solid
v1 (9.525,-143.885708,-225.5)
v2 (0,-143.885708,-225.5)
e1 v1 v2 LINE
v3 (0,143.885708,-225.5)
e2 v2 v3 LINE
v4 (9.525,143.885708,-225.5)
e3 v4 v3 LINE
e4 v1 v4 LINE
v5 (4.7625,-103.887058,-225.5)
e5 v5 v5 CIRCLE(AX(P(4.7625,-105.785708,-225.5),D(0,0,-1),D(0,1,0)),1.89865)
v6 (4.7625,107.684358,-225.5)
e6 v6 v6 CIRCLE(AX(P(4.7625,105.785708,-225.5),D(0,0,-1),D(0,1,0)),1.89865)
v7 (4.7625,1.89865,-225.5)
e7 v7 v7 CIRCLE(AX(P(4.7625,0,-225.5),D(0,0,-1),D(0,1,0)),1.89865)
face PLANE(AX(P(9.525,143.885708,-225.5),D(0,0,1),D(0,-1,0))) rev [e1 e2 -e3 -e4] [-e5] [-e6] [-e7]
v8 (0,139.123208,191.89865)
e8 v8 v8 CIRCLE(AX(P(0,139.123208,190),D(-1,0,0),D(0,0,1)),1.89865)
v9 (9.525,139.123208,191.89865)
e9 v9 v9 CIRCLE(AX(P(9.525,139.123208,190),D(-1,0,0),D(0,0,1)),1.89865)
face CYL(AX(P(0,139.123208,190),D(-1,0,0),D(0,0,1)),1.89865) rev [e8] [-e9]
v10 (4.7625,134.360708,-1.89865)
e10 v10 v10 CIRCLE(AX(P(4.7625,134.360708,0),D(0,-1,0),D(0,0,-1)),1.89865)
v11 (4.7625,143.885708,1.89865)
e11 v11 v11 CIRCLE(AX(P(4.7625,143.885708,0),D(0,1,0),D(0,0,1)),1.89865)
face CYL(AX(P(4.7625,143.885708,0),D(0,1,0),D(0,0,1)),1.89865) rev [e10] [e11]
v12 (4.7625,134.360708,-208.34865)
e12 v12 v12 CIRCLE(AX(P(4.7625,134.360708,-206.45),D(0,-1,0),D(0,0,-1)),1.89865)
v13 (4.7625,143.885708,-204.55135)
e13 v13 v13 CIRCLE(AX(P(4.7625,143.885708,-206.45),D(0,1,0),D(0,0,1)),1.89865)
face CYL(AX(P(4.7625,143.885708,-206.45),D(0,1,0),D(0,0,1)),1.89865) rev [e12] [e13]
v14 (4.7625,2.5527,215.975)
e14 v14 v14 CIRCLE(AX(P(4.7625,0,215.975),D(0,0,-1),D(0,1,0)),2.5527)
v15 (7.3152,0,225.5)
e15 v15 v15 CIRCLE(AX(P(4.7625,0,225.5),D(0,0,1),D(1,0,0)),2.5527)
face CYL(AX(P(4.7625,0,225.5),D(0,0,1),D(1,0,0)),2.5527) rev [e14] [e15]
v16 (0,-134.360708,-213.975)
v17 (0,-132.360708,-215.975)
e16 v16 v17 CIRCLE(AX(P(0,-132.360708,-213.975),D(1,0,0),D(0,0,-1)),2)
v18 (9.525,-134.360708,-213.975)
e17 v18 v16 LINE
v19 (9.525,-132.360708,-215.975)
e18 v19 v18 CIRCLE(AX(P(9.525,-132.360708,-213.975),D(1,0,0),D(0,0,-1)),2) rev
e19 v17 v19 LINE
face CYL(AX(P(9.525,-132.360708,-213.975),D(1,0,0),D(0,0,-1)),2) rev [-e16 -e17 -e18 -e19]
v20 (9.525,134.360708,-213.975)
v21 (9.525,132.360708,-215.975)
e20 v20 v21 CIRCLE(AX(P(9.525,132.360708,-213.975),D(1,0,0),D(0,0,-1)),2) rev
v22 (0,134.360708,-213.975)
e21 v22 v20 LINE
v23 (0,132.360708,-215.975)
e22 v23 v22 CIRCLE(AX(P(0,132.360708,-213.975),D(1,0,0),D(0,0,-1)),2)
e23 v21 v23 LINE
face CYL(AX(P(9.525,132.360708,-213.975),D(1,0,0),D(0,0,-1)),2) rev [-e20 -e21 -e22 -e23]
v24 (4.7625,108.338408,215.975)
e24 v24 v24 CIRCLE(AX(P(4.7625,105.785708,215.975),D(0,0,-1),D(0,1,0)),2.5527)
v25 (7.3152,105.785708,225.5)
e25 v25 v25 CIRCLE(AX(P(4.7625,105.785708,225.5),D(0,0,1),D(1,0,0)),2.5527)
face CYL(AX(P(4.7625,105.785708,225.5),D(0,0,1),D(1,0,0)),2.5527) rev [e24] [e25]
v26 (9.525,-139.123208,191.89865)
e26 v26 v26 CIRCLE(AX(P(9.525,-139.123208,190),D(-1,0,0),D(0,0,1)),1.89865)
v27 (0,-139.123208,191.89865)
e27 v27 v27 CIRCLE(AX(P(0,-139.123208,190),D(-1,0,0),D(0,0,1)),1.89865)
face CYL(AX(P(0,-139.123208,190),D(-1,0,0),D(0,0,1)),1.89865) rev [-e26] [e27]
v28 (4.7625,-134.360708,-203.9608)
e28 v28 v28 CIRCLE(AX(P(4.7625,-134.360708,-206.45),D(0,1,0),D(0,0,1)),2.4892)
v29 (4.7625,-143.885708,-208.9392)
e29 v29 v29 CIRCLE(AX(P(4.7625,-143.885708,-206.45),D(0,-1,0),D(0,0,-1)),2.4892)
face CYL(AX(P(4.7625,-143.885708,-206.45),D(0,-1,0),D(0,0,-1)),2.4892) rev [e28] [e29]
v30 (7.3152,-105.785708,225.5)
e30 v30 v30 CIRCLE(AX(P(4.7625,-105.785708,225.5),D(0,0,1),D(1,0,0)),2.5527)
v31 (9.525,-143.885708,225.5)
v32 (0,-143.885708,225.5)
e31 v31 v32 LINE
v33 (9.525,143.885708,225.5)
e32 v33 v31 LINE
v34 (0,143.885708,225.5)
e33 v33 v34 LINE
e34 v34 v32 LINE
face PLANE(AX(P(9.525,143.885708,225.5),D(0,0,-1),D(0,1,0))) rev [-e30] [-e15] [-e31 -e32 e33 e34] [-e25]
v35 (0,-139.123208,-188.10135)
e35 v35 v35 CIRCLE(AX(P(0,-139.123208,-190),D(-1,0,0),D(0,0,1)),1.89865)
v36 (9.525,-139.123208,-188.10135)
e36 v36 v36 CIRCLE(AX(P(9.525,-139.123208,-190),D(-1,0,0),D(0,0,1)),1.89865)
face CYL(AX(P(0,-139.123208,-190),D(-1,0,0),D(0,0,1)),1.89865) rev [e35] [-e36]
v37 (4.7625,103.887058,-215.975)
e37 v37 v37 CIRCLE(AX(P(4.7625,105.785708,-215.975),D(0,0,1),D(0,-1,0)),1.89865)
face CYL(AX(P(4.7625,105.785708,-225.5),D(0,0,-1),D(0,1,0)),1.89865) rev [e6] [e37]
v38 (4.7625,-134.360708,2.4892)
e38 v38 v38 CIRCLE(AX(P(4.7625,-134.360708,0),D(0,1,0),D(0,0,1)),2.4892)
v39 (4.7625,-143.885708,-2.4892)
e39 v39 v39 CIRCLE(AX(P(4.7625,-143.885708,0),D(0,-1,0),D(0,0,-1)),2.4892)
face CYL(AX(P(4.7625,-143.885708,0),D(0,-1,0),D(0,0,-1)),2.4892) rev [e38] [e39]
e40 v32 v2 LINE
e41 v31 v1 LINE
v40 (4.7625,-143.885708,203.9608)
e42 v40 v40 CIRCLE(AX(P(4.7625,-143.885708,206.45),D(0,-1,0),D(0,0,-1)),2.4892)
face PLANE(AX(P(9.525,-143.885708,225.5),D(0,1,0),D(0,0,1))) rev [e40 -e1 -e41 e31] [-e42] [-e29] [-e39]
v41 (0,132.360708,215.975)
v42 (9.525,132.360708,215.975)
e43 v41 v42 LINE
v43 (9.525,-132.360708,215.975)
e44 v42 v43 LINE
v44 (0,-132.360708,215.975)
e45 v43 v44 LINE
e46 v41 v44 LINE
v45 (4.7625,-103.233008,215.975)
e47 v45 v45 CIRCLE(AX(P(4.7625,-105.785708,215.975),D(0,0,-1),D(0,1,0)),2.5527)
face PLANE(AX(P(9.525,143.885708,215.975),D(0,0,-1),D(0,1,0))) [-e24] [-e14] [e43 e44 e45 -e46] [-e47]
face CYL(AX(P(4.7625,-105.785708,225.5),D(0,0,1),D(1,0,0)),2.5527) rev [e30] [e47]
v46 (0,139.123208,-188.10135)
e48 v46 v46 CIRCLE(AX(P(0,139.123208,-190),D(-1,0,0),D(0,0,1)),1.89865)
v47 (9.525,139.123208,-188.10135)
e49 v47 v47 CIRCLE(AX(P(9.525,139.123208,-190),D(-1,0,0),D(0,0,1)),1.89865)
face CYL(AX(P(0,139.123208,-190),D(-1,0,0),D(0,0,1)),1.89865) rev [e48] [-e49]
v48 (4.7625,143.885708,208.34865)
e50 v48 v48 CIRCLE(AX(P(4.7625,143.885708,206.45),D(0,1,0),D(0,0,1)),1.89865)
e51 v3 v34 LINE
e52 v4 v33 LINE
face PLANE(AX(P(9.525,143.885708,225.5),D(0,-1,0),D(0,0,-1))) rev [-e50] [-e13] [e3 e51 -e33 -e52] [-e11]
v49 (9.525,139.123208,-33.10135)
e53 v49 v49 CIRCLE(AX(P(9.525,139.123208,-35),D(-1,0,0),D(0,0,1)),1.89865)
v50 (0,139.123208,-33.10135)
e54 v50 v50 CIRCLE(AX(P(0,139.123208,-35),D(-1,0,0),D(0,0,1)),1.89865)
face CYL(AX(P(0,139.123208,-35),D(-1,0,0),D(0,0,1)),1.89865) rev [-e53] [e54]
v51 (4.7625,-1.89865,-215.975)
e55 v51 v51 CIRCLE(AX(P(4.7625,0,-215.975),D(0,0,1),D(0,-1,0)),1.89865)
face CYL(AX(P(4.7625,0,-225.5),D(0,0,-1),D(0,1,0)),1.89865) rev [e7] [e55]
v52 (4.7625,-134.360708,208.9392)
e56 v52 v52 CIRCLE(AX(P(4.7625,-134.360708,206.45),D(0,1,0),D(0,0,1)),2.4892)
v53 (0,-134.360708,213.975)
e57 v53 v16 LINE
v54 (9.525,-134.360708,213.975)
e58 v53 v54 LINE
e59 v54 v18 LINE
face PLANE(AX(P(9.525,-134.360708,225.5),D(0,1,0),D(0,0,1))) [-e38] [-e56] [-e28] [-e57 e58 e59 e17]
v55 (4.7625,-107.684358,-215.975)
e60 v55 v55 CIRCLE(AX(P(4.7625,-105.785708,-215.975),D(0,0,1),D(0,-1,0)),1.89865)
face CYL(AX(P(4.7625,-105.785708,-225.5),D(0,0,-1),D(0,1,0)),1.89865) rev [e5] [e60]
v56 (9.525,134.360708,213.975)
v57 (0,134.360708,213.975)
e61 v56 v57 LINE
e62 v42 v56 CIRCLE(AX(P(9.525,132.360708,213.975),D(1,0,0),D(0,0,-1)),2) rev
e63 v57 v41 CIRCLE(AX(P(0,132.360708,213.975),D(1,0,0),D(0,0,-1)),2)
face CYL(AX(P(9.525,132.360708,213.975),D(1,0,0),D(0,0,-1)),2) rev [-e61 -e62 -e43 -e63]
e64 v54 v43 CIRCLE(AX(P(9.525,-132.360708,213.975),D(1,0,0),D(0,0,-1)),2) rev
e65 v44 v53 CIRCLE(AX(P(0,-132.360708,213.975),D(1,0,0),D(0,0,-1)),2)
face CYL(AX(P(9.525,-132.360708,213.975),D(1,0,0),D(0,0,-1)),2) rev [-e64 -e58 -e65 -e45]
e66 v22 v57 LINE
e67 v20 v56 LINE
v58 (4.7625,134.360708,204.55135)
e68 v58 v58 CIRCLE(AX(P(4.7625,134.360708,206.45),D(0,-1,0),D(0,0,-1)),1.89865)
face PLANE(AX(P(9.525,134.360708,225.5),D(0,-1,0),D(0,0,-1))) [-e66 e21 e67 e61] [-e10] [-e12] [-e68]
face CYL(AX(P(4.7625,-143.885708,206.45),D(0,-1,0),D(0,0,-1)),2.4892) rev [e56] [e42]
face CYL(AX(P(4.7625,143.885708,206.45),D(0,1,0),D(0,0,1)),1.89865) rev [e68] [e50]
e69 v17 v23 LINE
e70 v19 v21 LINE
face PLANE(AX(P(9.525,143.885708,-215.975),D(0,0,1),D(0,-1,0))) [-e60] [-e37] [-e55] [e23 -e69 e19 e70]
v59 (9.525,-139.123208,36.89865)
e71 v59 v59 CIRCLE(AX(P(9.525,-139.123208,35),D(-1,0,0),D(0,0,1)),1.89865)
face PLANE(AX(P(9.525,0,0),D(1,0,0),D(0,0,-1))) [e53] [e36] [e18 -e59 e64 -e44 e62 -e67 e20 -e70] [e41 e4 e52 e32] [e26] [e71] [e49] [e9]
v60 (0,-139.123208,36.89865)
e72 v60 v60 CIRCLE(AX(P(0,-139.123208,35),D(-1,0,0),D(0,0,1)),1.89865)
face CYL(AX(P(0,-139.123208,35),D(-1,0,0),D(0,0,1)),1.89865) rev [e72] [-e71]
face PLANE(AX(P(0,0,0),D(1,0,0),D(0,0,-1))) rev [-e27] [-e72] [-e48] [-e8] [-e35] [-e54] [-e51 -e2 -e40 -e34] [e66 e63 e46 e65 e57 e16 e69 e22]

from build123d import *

# Parameters (mm, degrees)
SKETCH1_W                   = 451
SKETCH1_H                   = 287.7714167
SKETCH1_W_2                 = 431.95
SKETCH1_H_2                 = 268.7214167
EXTRUDE_THIN1_DEPTH         = 9.525
FILLET1_R                   = 2
F_10_CLEARANCE_HOLE1_D      = 4.9784
F_10_CLEARANCE_HOLE1_DEPTH  = 9.525
F_10_24_TAPPED_HOLE1_D      = 3.7973
F_10_24_TAPPED_HOLE1_DEPTH  = 14.95
F_10_24_TAPPED_HOLE1_TIP    = 1.140824014
F_10_CLEARANCE_HOLE2_D      = 5.1054
F_10_CLEARANCE_HOLE2_DEPTH  = 20
F_10_CLEARANCE_HOLE2_TIP    = 1.533816902
F_10_24_TAPPED_HOLE2_SIDE_D = 3.7973
F_10_24_TAPPED_HOLE2_D      = 3.7973
F_10_24_TAPPED_HOLE2_DEPTH  = 14.95
F_10_24_TAPPED_HOLE2_TIP    = 1.140824014


with BuildPart() as part:
    # Sketch1 → Extrude-Thin1 (new body)
    with BuildSketch(Plane(origin=(0, 0, 0), x_dir=(0, 0, -1), z_dir=(1, 0, 0))):
        Rectangle(SKETCH1_W, SKETCH1_H)
        Rectangle(SKETCH1_W_2, SKETCH1_H_2, mode=Mode.SUBTRACT)
    extrude(amount=EXTRUDE_THIN1_DEPTH)

    # Fillet1
    fillet1_edges = [part.edges().sort_by_distance(p)[0] for p in [
        (4.7625, 134.36070835, 215.975),
        (4.7625, -134.36070835, 215.975),
        (4.7625, -134.36070835, -215.975),
        (4.7625, 134.36070835, -215.975),
    ]]
    fillet(fillet1_edges, radius=FILLET1_R)

    # #10 Clearance Hole1
    with Locations(Plane(origin=(0, -143.88570835, 0), x_dir=(-1, 0, 0), z_dir=(0, -1, 0))):
        with Locations((-4.7625, 206.45), (-4.7625, 0), (-4.7625, -206.45)):
            Hole(F_10_CLEARANCE_HOLE1_D / 2, depth=F_10_CLEARANCE_HOLE1_DEPTH)

    # #10-24 Tapped Hole1
    with Locations(Plane(origin=(0, 0, -225.5), x_dir=(-1, 0, 0), z_dir=(0, 0, -1))):
        with Locations((-4.7625, 105.78570835), (-4.7625, 0), (-4.7625, -105.78570835)):
            Hole(F_10_24_TAPPED_HOLE1_D / 2, depth=F_10_24_TAPPED_HOLE1_DEPTH)
            with Locations((0, 0, -(F_10_24_TAPPED_HOLE1_DEPTH + F_10_24_TAPPED_HOLE1_TIP / 2))):  # 118° drill point
                Cone(0, F_10_24_TAPPED_HOLE1_D / 2, F_10_24_TAPPED_HOLE1_TIP, mode=Mode.SUBTRACT)

    # #10 Clearance Hole2
    with Locations(Plane.XY.offset(225.5)):
        with Locations((4.7625, 105.78570835), (4.7625, 0), (4.7625, -105.78570835)):
            Hole(F_10_CLEARANCE_HOLE2_D / 2, depth=F_10_CLEARANCE_HOLE2_DEPTH)
            with Locations((0, 0, -(F_10_CLEARANCE_HOLE2_DEPTH + F_10_CLEARANCE_HOLE2_TIP / 2))):  # 118° drill point
                Cone(0, F_10_CLEARANCE_HOLE2_D / 2, F_10_CLEARANCE_HOLE2_TIP, mode=Mode.SUBTRACT)

    # #10-24 Tapped Hole2 side (through all)
    with Locations(Plane.ZY):
        with Locations((-190, 139.12320835), (-35, 139.12320835), (-190, -139.12320835), (35, -139.12320835), (190, -139.12320835), (190, 139.12320835)):
            Hole(F_10_24_TAPPED_HOLE2_SIDE_D / 2)

    # #10-24 Tapped Hole2
    with Locations(Plane(origin=(0, 143.88570835, 0), x_dir=(1, 0, 0), z_dir=(0, 1, 0))):
        with Locations((4.7625, 206.45), (4.7625, 0), (4.7625, -206.45)):
            Hole(F_10_24_TAPPED_HOLE2_D / 2, depth=F_10_24_TAPPED_HOLE2_DEPTH)
            with Locations((0, 0, -(F_10_24_TAPPED_HOLE2_DEPTH + F_10_24_TAPPED_HOLE2_TIP / 2))):  # 118° drill point
                Cone(0, F_10_24_TAPPED_HOLE2_D / 2, F_10_24_TAPPED_HOLE2_TIP, mode=Mode.SUBTRACT)


solid = part.part
